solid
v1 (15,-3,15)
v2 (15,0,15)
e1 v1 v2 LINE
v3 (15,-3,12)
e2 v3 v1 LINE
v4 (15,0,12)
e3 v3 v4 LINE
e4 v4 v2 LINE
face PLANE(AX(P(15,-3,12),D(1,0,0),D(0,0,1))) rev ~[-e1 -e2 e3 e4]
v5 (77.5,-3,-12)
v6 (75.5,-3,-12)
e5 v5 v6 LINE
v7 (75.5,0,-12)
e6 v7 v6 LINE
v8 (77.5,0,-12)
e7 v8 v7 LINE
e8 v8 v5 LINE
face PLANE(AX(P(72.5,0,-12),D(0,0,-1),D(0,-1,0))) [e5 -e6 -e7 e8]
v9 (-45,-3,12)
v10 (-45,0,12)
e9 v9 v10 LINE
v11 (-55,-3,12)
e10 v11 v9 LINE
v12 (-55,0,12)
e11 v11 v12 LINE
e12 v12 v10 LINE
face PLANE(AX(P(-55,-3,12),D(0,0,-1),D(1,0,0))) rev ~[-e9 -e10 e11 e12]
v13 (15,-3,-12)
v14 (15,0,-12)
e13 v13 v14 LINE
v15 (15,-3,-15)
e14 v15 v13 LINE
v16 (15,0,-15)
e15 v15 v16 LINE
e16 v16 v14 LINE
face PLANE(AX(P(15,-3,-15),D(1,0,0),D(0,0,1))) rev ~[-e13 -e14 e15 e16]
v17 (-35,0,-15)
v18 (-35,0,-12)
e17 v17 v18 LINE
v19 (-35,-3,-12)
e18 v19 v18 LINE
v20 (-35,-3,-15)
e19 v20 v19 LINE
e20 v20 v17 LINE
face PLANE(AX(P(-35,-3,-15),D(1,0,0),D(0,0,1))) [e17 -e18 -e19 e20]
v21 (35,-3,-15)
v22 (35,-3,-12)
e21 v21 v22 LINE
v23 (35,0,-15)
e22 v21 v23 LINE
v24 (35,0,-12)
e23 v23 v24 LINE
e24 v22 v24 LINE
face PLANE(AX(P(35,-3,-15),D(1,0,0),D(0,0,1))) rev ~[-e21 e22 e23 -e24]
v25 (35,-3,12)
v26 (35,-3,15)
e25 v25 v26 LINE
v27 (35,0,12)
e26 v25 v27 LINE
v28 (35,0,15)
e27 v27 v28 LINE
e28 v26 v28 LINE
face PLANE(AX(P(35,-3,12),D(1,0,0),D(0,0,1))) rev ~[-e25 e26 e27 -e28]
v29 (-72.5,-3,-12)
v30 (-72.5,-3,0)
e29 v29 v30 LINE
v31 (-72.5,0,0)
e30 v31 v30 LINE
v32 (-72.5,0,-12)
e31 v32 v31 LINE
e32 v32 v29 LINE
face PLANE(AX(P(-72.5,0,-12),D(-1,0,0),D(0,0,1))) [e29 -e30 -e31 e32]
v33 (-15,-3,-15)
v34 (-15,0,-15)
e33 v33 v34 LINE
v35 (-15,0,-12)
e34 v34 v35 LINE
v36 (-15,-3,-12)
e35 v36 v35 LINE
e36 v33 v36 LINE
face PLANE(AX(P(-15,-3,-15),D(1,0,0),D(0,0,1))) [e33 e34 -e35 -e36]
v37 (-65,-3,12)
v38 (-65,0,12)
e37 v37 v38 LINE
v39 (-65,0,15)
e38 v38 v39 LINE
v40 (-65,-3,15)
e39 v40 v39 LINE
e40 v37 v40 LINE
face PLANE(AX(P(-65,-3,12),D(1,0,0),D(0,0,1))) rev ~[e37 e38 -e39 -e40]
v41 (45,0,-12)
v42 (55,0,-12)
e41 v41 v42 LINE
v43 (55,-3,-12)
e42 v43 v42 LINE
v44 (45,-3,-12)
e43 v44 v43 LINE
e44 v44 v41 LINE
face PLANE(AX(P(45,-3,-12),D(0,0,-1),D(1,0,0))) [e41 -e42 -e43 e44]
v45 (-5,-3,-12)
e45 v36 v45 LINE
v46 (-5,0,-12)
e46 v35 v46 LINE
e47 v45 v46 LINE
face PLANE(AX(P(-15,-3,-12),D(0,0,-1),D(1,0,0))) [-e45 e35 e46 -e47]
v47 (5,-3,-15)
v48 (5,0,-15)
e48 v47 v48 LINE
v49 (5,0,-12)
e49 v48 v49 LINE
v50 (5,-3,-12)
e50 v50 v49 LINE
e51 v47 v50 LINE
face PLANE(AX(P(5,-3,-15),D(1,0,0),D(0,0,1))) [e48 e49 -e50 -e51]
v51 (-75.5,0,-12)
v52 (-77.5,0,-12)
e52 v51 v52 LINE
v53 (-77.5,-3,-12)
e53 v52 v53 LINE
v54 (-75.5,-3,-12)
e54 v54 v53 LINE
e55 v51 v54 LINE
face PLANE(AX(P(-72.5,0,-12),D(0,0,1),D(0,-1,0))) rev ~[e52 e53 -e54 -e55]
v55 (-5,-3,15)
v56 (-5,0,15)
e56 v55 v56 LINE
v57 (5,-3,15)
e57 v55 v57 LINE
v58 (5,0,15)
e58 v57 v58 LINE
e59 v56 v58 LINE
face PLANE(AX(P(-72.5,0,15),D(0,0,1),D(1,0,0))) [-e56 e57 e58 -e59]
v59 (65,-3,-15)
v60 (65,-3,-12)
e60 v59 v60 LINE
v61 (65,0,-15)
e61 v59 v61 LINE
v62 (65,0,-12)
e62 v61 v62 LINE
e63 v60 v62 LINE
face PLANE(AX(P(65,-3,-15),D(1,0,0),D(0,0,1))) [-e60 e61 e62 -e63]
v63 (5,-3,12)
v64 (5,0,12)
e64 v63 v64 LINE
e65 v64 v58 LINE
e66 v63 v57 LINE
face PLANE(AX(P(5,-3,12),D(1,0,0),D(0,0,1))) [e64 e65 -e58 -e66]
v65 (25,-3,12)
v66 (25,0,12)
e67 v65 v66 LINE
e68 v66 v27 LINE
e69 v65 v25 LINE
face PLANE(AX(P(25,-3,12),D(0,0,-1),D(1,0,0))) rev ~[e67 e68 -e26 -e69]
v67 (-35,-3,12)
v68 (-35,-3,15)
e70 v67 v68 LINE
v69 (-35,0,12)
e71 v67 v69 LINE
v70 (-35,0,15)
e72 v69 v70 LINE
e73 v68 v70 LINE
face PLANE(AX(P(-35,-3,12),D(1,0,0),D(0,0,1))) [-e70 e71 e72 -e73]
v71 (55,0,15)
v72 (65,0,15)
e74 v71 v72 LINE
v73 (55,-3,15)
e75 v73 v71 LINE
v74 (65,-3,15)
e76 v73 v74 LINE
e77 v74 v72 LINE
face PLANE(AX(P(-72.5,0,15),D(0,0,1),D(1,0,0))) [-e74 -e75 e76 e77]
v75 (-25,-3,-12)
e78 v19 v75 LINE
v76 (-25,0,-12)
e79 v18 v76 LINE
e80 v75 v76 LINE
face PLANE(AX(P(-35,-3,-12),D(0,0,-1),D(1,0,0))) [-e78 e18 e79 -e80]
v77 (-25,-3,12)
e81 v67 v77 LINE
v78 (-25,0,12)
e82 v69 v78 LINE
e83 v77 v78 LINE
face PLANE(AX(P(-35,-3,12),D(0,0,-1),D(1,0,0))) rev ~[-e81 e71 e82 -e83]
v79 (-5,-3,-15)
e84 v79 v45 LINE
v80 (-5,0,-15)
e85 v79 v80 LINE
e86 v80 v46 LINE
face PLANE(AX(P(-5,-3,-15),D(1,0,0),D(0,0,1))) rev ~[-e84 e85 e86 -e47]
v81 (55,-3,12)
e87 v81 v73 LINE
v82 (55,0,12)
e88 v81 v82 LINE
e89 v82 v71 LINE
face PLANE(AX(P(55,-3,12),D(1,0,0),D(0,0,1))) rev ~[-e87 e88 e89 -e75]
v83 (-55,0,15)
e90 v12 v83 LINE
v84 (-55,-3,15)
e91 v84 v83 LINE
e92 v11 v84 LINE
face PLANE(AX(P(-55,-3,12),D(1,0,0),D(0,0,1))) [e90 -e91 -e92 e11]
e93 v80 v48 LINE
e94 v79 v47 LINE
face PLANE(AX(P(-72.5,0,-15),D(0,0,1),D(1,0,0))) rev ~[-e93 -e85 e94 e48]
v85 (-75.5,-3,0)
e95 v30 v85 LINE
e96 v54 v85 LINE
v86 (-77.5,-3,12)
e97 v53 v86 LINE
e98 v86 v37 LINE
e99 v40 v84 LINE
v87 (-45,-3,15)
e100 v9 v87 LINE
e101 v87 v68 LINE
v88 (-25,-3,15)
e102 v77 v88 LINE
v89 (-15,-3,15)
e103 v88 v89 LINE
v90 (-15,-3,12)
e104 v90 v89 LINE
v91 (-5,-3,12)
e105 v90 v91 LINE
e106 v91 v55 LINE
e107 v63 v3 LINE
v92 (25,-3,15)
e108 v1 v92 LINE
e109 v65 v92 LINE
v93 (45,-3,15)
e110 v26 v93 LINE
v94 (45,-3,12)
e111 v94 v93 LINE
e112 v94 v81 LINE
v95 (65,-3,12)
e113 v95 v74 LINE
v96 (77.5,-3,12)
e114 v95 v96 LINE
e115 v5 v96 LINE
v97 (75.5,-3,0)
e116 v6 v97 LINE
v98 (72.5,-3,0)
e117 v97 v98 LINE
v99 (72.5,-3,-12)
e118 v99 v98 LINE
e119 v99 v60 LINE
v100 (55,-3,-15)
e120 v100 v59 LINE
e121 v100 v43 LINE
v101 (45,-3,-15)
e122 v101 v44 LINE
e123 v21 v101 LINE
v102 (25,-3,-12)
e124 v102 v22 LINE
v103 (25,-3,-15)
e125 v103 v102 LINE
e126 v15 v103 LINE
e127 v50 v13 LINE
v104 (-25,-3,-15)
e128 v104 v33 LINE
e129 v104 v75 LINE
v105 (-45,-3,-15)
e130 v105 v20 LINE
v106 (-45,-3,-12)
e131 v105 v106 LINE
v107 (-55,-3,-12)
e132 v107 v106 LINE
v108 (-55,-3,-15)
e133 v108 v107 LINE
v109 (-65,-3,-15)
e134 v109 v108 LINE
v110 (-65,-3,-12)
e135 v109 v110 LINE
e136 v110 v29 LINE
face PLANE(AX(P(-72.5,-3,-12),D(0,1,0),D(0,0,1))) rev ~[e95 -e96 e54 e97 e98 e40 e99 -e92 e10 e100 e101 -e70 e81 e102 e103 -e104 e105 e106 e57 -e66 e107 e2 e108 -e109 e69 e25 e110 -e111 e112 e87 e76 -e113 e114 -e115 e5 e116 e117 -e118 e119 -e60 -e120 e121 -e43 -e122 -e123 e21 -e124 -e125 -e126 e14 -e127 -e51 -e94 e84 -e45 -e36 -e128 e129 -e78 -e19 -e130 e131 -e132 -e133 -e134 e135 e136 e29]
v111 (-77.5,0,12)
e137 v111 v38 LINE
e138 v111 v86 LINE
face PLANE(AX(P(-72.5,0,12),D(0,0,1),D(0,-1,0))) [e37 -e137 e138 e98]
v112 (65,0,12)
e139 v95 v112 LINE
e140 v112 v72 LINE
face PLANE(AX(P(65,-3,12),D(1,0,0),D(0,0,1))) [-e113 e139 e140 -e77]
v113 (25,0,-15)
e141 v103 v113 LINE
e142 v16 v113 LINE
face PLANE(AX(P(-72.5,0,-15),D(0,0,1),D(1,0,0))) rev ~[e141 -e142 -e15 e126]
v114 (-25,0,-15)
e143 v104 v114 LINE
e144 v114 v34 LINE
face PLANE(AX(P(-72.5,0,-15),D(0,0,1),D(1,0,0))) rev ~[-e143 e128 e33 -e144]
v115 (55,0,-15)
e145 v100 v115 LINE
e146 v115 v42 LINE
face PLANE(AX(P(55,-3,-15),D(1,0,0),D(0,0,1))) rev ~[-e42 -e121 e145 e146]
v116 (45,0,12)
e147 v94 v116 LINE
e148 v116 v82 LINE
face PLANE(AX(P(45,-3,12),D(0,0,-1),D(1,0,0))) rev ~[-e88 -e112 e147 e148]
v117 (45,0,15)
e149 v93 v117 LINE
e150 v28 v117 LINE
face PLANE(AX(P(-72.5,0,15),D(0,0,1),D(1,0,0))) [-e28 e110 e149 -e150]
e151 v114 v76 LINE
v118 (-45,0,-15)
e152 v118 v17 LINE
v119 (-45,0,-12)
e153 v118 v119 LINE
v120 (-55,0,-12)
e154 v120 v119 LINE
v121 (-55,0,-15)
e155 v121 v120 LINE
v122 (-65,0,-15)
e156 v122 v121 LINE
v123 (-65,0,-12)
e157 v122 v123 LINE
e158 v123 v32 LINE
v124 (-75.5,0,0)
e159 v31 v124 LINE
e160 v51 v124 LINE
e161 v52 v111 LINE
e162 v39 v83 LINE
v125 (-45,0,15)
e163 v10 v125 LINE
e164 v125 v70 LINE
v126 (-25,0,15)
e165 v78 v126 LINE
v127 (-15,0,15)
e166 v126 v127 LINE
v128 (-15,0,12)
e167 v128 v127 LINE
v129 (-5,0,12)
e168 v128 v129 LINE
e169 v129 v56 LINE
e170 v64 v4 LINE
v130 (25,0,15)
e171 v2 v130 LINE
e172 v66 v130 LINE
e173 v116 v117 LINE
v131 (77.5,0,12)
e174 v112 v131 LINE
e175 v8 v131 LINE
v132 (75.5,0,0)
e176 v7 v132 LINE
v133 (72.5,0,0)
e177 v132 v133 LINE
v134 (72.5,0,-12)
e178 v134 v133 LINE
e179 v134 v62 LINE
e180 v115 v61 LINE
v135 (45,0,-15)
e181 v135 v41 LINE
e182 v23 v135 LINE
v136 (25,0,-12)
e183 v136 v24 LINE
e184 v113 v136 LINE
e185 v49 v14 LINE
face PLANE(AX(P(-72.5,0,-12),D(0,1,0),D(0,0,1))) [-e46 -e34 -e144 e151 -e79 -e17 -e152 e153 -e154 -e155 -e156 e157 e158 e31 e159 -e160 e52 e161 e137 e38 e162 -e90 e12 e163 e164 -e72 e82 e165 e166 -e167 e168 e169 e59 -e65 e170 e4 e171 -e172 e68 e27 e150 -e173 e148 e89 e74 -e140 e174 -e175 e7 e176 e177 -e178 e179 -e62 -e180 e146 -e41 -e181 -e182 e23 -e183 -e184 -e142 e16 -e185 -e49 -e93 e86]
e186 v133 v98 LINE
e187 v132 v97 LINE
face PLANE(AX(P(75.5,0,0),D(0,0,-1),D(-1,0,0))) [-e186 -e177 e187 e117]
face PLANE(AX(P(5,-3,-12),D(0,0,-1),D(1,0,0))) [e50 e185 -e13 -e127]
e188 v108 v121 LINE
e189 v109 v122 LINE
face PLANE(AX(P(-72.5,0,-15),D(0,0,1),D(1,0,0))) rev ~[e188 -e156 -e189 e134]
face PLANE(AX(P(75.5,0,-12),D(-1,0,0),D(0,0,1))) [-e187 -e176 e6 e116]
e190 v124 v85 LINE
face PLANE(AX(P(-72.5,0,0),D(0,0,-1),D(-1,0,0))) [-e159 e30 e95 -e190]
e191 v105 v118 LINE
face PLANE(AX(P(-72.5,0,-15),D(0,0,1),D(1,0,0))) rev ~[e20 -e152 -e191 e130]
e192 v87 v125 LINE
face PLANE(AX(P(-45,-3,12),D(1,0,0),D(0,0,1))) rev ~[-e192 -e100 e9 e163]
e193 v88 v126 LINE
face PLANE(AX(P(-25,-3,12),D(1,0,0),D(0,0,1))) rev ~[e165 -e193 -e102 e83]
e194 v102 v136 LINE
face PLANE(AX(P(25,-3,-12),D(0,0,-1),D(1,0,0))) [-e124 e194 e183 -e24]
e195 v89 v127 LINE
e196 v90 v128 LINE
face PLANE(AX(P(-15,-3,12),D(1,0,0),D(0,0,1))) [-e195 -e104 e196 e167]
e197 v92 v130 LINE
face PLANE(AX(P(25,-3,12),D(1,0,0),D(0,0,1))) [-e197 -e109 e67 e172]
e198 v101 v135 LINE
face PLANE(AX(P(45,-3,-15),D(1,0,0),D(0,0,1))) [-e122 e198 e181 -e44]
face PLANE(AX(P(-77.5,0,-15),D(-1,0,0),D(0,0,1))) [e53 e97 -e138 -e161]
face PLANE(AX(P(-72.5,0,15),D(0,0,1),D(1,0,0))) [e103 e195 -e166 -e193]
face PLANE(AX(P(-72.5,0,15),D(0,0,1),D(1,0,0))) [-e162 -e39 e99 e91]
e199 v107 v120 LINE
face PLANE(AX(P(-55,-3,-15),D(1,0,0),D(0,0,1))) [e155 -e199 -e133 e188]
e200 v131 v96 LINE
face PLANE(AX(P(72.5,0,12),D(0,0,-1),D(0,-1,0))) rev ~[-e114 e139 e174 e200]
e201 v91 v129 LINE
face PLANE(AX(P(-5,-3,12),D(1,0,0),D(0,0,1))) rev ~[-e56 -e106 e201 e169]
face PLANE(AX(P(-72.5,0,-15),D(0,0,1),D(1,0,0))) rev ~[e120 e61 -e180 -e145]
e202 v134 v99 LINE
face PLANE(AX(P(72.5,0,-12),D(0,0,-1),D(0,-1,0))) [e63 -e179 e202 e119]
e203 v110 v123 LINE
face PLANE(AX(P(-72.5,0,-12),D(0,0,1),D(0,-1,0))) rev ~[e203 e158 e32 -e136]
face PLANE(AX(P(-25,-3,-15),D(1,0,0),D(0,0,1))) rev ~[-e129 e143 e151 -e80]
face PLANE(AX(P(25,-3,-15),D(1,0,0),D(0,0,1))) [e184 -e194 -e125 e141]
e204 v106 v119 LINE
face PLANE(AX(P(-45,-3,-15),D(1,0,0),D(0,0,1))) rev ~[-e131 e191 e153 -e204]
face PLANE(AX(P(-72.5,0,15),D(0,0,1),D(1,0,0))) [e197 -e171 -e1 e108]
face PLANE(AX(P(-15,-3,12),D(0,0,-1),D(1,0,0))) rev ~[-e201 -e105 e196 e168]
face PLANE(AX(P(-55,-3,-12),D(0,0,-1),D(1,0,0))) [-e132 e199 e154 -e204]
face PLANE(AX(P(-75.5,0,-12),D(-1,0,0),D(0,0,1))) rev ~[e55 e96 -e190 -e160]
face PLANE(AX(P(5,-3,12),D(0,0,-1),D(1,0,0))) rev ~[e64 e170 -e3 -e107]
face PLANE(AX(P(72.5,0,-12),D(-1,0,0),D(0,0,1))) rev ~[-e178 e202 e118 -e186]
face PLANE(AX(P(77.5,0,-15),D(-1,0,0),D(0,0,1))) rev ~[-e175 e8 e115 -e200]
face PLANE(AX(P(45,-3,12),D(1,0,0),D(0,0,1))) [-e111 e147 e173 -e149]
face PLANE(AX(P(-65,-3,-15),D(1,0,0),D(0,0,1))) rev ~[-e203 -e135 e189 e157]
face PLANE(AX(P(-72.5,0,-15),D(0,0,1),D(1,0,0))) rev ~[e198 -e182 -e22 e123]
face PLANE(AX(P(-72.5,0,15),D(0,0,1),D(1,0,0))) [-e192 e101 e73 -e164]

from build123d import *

# Parameters (mm, degrees)
F0_W     = 145
F0_H     = 30
F1_DEPTH = 3
F2_W     = 10
F2_H     = 3
F3_DEPTH = 25
F4_DEPTH = 5
F5_DEPTH = 5
F6_W     = 3
F6_H     = 12
F7_DEPTH = 25


with BuildPart() as f1:
    # F0 (on Front) → F1 (new body)
    with BuildSketch(Plane.XZ):
        Rectangle(F0_W, F0_H)
    extrude(amount=F1_DEPTH)

    # F2 (on face) → F3 (cut)
    with BuildSketch(Plane.XZ.offset(3)):
        with Locations((-70, -13.5)):
            Rectangle(F2_W, F2_H)
        with Locations((-70, 13.5)):
            Rectangle(F2_W, F2_H)
        with Locations((-50, -13.5)):
            Rectangle(F2_W, F2_H)
        with Locations((-50, 13.5)):
            Rectangle(F2_W, F2_H)
        with Locations((-30, -13.5)):
            Rectangle(F2_W, F2_H)
        with Locations((-30, 13.5)):
            Rectangle(F2_W, F2_H)
        with Locations((-10, -13.5)):
            Rectangle(F2_W, F2_H)
        with Locations((-10, 13.5)):
            Rectangle(F2_W, F2_H)
        with Locations((10, -13.5)):
            Rectangle(F2_W, F2_H)
        with Locations((10, 13.5)):
            Rectangle(F2_W, F2_H)
        with Locations((30, -13.5)):
            Rectangle(F2_W, F2_H)
        with Locations((30, 13.5)):
            Rectangle(F2_W, F2_H)
        with Locations((50, -13.5)):
            Rectangle(F2_W, F2_H)
        with Locations((50, 13.5)):
            Rectangle(F2_W, F2_H)
        with Locations((70, -13.5)):
            Rectangle(F2_W, F2_H)
        with Locations((70, 13.5)):
            Rectangle(F2_W, F2_H)
    extrude(amount=-F3_DEPTH, mode=Mode.SUBTRACT)

    # F4 (add): faces of the model
    f4_faces = [f1.faces().sort_by_distance(p)[0] for p in [
        (72.5, -1.5, 0),
        (-72.5, -1.5, 0),
    ]]
    extrude(f4_faces, amount=F4_DEPTH, dir=(1, 0, 0))

    # F5 (add): a face of the model
    f5_faces = [f1.faces().sort_by_distance(p)[0] for p in [
        (-72.5, -1.5, 0),
    ]]
    extrude(f5_faces, amount=F5_DEPTH)

    # F6 (on face) → F7 (cut)
    with BuildSketch(Plane(origin=(0, 0, 0), x_dir=(-1, 0, 0), z_dir=(0, 1, 0))):
        with Locations((-74, -6)):
            Rectangle(F6_W, F6_H)
        with Locations((74, -6)):
            Rectangle(F6_W, F6_H)
    extrude(amount=-F7_DEPTH, mode=Mode.SUBTRACT)


solid = f1.part
